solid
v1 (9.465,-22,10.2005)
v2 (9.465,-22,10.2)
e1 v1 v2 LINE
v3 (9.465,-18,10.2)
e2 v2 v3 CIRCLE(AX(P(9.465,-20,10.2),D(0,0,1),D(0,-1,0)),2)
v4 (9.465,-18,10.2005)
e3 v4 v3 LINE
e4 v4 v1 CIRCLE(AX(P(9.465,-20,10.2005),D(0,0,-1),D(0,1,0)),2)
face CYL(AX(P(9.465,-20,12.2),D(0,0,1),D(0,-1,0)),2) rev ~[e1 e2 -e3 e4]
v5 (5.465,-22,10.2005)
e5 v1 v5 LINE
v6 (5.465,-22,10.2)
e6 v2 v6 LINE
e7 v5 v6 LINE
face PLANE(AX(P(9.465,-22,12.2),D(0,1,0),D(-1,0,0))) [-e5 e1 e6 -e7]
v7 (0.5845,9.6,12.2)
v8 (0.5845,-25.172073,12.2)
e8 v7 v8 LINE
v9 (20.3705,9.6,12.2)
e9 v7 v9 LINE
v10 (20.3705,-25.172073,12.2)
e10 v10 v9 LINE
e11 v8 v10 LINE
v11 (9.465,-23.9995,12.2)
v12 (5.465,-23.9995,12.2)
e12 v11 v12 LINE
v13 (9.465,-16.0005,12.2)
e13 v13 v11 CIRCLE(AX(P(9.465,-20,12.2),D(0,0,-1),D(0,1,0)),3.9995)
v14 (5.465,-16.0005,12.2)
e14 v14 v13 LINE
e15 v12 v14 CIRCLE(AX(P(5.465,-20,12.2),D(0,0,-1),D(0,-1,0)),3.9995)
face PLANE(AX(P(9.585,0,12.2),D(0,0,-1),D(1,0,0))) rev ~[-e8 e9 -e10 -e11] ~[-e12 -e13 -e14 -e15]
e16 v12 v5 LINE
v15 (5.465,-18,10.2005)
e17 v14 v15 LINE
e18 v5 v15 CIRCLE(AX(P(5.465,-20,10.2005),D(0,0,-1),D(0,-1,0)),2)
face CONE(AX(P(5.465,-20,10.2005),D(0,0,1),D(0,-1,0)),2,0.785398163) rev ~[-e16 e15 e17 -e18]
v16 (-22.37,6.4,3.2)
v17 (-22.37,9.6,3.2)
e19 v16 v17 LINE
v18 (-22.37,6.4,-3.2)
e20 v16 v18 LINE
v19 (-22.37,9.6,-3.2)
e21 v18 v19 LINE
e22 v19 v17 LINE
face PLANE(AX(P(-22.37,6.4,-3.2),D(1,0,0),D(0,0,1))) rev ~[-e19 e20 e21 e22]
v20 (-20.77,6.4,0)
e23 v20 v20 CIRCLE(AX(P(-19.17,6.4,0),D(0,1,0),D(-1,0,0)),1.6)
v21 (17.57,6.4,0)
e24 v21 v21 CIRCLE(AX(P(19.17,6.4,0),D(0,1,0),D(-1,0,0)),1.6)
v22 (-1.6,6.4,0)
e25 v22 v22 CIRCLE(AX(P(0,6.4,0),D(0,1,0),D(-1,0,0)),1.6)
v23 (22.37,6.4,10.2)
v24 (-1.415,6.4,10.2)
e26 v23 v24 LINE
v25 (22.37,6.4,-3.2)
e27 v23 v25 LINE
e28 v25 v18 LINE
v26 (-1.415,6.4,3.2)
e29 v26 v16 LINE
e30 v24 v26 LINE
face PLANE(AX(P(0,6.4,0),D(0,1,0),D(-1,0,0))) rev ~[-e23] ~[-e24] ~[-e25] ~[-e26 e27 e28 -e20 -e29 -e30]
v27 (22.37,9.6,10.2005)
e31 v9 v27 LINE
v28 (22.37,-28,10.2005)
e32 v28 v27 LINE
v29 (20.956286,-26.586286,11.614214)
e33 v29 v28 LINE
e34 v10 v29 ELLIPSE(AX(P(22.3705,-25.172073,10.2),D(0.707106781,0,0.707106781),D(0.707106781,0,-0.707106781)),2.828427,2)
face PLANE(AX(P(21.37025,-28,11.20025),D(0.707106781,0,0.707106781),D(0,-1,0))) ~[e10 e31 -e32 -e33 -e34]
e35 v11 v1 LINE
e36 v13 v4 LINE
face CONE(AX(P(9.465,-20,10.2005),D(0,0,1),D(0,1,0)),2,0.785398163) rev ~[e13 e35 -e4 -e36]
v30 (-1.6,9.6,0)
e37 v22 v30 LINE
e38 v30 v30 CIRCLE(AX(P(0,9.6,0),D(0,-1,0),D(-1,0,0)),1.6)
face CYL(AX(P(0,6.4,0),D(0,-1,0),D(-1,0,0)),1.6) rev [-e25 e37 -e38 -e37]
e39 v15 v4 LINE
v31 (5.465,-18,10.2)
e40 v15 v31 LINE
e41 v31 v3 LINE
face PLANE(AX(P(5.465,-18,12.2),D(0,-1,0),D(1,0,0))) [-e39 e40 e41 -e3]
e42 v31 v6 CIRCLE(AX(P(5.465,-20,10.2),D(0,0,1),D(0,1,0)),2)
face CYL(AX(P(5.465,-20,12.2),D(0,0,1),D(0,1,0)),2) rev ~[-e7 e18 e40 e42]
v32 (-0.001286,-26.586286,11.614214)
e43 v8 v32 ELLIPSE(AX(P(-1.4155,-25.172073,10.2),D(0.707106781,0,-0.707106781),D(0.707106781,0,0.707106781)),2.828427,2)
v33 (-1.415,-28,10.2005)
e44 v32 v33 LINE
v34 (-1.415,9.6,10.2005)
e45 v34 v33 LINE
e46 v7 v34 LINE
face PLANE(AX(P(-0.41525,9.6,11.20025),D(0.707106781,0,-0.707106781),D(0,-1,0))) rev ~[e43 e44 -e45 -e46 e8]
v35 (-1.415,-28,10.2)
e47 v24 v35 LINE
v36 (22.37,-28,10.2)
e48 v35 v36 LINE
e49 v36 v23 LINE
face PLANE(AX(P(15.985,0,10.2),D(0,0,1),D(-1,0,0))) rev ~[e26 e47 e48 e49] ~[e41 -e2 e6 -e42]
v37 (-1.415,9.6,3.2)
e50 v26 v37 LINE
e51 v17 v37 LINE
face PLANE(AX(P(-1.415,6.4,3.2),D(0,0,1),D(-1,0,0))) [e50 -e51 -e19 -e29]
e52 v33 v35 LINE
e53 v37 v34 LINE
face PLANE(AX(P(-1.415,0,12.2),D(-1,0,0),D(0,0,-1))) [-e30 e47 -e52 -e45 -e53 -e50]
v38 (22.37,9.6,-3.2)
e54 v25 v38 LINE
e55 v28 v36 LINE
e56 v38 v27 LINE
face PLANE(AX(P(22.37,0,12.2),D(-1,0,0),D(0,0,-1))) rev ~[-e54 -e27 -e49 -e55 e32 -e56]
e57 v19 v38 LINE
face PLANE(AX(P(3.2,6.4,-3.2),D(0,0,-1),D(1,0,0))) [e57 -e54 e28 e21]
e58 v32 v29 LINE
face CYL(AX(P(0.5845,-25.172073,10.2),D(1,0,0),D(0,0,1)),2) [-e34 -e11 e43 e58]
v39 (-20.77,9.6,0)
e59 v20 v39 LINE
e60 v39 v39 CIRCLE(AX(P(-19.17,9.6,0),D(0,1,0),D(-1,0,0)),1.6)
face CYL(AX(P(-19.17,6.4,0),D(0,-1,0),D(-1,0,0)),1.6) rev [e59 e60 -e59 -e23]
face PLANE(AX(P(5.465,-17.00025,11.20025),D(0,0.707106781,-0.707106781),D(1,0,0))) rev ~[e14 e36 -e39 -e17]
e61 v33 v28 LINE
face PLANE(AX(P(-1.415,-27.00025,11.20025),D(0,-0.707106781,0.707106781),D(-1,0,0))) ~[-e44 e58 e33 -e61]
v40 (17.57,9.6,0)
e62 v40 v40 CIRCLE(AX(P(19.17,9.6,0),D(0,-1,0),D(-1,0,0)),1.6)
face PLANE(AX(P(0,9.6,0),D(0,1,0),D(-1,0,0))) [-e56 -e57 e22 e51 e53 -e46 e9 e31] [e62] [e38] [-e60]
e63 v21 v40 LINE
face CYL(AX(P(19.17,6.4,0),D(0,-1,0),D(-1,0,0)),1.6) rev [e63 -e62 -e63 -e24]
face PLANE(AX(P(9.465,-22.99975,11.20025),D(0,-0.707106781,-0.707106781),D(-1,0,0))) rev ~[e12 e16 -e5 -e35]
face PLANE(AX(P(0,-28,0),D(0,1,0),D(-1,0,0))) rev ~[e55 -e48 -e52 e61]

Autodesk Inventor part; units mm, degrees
ref_plane "YZ Plane" through (0, 0, 0) normal (1, 0, 0) x (0, 1, 0)
ref_plane "XZ Plane" through (0, 0, 0) normal (0, 1, 0) x (-1, 0, 0)
ref_plane "XY Plane" through (0, 0, 0) normal (0, 0, 1) x (1, 0, 0)
sketch "Sketch1" plane through (0, 0, 0) normal (0, 1, 0) x (-1, 0, 0)
  line L0 (0, 0) -> (-19.17, 0)
  circle A0 centre (0, 0) radius 1.6
  circle A1 centre (-19.17, 0) radius 1.6
  line L1 (-19.17, 0) -> (-22.37, 0)
  line L2 (0, 0) -> (3.2, 0)
  line L3 (-22.37, 0) -> (-22.37, 3.2)
  line L4 (3.2, 0) -> (3.2, -3.2)
  line L5 (3.2, -3.2) -> (-22.37, -3.2)
  line L6 (-22.37, -3.2) -> (-22.37, 3.2)
  line L7 (-22.37, 3.2) -> (3.2, 3.2)
  line L8 (3.2, 3.2) -> (3.2, -3.2)
  line L9 (3.2, 3.2) -> (3.2, 10.2)
  line L10 (3.2, 10.2) -> (3.2, 12.2)
  line L11 (3.2, 12.2) -> (-22.37, 12.2)
  line L12 (-22.37, 12.2) -> (-22.37, 10.2)
  line L13 (-22.37, 10.2) -> (3.2, 10.2)
  line L14 (-22.37, 3.2) -> (-22.37, 10.2)
  line L15 (-9.585, 12.2) -> (1.415, 12.2)
  line L16 (-9.585, 12.2) -> (-15.985, 12.2)
  line L17 (-15.985, 12.2) -> (-15.985, 10.2)
  line L18 (1.415, 12.2) -> (1.415, 10.2)
  line L19 (0, 0) -> (0, -3.2)
  circle A2 centre (19.17, 0) radius 1.6
  line L20 (22.37, 0) -> (22.37, 3.2)
  line L21 (-3.2, 0) -> (-3.2, -3.2)
  line L22 (-3.2, -3.2) -> (22.37, -3.2)
  line L23 (22.37, -3.2) -> (22.37, 3.2)
  line L24 (22.37, 3.2) -> (-3.2, 3.2)
  line L25 (-3.2, 3.2) -> (-3.2, -3.2)
  line L26 (3.2, 10.2) -> (8.2, 10.2)
  line L27 (8.2, 10.2) -> (8.2, 3.2)
  line L28 (8.2, 10.2) -> (8.2, 12.2)
  line L29 (8.2, 12.2) -> (3.2, 12.2)
  line L30 (1.415, 10.2) -> (1.415, 3.2)
  line L31 (-15.985, 10.2) -> (-15.985, 3.2)
  point P0 (3.2, 3.2)
  point P1 (3.2, 3.2)
  point P2 (1.415, 3.2)
  dimension "d0" = 19.17
  dimension "d1" = 3.2
  dimension "d2" = 3.2
  dimension "d3" = 3.2
  dimension "d4" = 3.2
  dimension "d5" = 3.2
  dimension "d6" = 3.2
  dimension "d7" = 7
  dimension "d8" = 2
  dimension "d21" = 11
  dimension "d22" = 6.4
  dimension "d30" = 5
extrude "Extrusion1" add sketch "Sketch1" along normal blind 6.4 contours L17 L11 L18 L13 | L13 L12 L11 L17
extrude "Extrusion2" add sketch "Sketch1" along normal blind 3.2 from surface at 6.4 contours L21 L5 L6 L1 A1 L0 | L25 L7 L8 L2 A0 L0 | L0 A0 L19 L5 L21 | L0 A1 L1 L3 L7 L25 | L7 L31 L13 L30 | L2 L4 L5 L19 A0 | L7 L14 L13 L31 | L8 L24 L20 L23 L22 L4 | L17 L11 L18 L13 | L13 L12 L11 L17
extrude "Extrusion3" add sketch "Sketch1" against normal blind 28 contours L17 L11 L18 L13 | L13 L12 L11 L17
sketch "Sketch2" plane through (-3.2, 9.6, 12.2) normal (0, 0, 1) x (1, 0, 0)
  line L0 (0, 0) -> (0, -9.6)
  line L1 (0, -9.6) -> (0, -29.6)
  line L2 (-3.2, -29.6) -> (21.33, -29.6)
  line L3 (9.065, -30.1) -> (5.865, -30.1)
  line L4 (9.065, -29.6) -> (12.265, -29.6)
  line L5 (0, -3.2) -> (0, 0) projected
  line L6 (0, 0) -> (0, -9.6)
  arc A0 (8.665, -27.6) -> (8.665, -31.6) centre (8.665, -29.6) ccw
  line L7 (8.665, -27.6) -> (12.665, -27.6)
  line L8 (12.665, -31.6) -> (8.665, -31.6)
  arc A1 (12.665, -31.6) -> (12.665, -27.6) centre (12.665, -29.6) ccw
  point P0 (3.2, -9.6)
  point P1 (0, -30.1)
  dimension "d16" = 20
  dimension "d18" = 3.2
  dimension "d23" = 9.6
extrude "Extrusion4" cut sketch "Sketch2" against normal through all
chamfer "Chamfer2" distance 2 angle 45 7 edges at (7.465, -18, 12.2) (11.465, -20, 12.2) (7.465, -22, 12.2) (3.465, -20, 12.2) (22.37, -9.2, 12.2) (10.4775, -28, 12.2) (-1.415, -9.2, 12.2)
fillet "Fillet2" radius 2 1 edges at (10.4775, -26.0005, 12.2)
properties part number "enclosure mounter"
